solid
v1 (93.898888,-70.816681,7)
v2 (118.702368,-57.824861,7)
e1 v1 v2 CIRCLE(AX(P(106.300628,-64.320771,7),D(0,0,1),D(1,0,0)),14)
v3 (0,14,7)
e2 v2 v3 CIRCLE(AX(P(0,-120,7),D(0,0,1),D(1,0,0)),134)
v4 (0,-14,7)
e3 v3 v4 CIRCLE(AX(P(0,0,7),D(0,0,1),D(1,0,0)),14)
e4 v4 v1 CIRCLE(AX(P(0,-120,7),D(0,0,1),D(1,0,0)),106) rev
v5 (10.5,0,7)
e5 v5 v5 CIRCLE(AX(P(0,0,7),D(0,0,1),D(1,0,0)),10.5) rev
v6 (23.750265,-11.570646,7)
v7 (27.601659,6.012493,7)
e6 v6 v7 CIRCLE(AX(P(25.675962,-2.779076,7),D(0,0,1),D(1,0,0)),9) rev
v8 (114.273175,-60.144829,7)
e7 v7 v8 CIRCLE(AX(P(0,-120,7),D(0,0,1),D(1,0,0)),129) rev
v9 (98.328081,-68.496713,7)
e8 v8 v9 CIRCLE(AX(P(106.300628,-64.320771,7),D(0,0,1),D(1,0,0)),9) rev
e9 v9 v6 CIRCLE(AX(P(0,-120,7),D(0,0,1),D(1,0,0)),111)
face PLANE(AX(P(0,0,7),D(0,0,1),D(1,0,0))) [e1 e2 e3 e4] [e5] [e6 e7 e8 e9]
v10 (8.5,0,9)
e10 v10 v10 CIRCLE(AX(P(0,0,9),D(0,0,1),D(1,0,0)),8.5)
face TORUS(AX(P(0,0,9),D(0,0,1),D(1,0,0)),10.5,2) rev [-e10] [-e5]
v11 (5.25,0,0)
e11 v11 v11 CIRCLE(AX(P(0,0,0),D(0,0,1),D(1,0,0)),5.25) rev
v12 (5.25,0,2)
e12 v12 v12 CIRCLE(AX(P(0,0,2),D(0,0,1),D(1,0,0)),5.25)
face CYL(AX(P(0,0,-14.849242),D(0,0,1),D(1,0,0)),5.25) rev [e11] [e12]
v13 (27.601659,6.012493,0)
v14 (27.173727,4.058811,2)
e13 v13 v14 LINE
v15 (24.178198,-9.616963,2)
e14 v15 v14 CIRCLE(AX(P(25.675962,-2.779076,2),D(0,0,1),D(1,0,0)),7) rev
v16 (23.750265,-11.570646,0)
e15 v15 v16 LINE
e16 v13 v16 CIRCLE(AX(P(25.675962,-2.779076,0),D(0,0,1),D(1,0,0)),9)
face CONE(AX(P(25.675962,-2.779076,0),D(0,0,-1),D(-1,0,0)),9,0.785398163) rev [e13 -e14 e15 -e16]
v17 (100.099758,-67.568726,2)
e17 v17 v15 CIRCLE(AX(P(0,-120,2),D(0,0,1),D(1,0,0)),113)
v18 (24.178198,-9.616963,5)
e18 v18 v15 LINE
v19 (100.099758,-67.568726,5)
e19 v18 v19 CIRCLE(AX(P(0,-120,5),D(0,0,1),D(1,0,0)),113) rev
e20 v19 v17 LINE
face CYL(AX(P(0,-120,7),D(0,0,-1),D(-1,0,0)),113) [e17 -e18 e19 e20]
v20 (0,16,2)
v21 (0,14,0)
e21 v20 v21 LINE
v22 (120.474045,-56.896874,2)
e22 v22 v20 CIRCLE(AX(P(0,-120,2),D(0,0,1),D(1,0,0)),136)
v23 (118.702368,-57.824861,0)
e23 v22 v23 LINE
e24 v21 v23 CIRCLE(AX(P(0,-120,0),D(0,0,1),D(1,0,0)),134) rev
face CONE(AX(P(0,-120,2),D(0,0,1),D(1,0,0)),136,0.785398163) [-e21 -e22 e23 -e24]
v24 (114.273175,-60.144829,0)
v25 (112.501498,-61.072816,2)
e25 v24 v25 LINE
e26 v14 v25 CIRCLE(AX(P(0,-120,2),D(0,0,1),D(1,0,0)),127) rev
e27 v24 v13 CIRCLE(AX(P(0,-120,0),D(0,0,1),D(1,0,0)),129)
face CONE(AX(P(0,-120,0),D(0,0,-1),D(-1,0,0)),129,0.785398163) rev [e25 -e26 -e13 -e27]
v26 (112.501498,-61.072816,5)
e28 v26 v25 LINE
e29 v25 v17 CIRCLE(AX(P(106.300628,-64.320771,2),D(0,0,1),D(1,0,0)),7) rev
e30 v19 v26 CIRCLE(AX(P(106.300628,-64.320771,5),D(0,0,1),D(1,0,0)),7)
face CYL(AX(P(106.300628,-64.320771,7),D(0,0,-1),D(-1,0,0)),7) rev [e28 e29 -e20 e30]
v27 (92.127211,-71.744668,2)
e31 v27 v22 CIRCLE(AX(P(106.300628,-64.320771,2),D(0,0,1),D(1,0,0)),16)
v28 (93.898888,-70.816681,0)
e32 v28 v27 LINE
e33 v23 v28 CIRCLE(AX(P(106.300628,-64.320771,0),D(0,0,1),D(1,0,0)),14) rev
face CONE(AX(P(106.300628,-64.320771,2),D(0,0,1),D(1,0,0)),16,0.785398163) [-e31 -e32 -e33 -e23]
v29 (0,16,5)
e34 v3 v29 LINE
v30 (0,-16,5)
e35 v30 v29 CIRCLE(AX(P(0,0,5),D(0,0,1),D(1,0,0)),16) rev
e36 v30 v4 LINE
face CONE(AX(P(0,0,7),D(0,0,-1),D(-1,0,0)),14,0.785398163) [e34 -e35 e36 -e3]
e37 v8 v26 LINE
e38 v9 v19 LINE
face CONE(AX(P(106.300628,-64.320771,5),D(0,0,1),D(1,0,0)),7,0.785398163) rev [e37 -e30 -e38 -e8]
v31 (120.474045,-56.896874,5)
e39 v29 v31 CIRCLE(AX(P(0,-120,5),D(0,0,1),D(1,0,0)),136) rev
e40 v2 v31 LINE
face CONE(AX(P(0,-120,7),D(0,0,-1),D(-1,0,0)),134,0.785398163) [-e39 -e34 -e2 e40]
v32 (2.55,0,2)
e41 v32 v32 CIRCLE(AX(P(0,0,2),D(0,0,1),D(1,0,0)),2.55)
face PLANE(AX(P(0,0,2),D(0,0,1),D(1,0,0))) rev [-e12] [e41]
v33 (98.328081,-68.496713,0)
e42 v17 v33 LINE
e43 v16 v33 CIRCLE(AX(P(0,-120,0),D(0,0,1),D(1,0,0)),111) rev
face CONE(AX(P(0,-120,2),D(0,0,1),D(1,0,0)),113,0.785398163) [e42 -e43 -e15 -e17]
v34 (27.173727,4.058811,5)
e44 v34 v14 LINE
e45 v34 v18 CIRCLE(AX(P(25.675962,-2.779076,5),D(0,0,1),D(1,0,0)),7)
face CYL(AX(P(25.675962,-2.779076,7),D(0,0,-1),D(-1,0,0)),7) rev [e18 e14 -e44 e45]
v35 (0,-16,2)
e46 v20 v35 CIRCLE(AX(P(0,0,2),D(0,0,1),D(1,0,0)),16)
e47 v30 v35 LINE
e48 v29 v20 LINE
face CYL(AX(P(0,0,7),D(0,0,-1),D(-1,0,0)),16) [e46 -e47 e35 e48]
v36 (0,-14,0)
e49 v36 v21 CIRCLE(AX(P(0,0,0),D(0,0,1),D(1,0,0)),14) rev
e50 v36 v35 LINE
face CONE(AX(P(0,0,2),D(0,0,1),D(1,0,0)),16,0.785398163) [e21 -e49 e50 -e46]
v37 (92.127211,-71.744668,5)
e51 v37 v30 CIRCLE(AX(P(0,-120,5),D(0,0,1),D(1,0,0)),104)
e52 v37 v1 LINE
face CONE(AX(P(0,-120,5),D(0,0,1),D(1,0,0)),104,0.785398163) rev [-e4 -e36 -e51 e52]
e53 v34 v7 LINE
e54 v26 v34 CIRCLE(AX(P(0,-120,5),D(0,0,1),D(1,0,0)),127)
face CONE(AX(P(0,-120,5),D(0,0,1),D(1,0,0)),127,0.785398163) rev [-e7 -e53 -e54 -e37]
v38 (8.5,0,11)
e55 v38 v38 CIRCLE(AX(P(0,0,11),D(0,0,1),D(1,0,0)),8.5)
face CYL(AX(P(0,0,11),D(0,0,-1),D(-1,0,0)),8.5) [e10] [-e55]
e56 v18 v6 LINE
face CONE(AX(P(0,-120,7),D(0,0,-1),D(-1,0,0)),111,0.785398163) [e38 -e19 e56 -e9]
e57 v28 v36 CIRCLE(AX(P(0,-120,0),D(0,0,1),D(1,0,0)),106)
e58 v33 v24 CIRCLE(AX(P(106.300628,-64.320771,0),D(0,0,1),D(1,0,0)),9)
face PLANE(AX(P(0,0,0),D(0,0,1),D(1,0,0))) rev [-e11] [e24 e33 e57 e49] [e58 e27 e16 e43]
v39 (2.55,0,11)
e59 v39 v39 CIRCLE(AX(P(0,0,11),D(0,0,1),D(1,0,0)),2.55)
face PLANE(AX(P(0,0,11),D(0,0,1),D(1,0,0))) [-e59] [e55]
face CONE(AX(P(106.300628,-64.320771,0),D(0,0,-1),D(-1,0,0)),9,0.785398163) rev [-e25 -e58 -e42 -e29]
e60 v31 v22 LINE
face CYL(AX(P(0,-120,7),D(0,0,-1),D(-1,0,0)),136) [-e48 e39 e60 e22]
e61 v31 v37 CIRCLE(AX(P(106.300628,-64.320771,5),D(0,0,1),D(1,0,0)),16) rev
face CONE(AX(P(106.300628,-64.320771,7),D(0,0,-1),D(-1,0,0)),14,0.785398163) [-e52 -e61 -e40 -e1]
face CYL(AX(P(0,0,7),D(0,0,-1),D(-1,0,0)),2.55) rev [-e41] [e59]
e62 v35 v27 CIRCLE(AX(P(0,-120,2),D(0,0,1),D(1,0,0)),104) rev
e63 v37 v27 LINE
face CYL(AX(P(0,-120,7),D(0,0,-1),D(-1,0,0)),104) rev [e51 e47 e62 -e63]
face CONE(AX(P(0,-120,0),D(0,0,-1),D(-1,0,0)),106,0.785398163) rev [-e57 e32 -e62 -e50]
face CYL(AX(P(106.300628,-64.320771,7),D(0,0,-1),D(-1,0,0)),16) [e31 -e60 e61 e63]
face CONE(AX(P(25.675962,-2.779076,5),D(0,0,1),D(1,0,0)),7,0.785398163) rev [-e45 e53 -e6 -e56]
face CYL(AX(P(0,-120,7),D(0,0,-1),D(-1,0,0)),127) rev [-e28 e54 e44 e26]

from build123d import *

# Parameters (mm, degrees)
SKETCH1_R           = 8.5
SKETCH1_R_2         = 2.55
BOSS_EXTRUDE1_DEPTH = 7
BOSS_EXTRUDE2_START = 7
SKETCH1_3_R         = 8.5
SKETCH1_3_R_2       = 2.55
BOSS_EXTRUDE2_DEPTH = 4
CHAMFER1_SIZE       = 2
FILLET2_R           = 2
CUT_EXTRUDE1_START  = -9
SKETCH2_R           = 5.25
CUT_EXTRUDE1_DEPTH  = 2


with BuildPart() as part:
    # Sketch1 → Boss-Extrude1 (new body)
    with BuildSketch(Plane.XY):
        with BuildLine():
            ThreePointArc((92.127210642, -71.744668074), (53.839787702, -31.020916727), (0, -16))
            ThreePointArc((0, -16), (-16, 0), (0, 16))
            ThreePointArc((0, 16), (70.405876226, -3.642737258), (120.474044686, -56.896873635))
            ThreePointArc((120.474044686, -56.896873635), (113.724524883, -78.494187876), (92.127210642, -71.744668074))
        make_face()
        Circle(SKETCH1_R, mode=Mode.SUBTRACT)
        with BuildLine():
            ThreePointArc((112.501497611, -61.072815821), (77.057279191, -19.048646747), (27.173726746, 4.058810952))
            ThreePointArc((27.173726746, 4.058810952), (18.838075062, -1.2813118), (24.178197814, -9.616963484))
            ThreePointArc((24.178197814, -9.616963484), (68.562775973, -30.177142381), (100.099757717, -67.568725888))
            ThreePointArc((100.099757717, -67.568725888), (109.548582697, -70.521640801), (112.501497611, -61.072815821))
        make_face(mode=Mode.SUBTRACT)
        Circle(SKETCH1_R)
        Circle(SKETCH1_R_2, mode=Mode.SUBTRACT)
    extrude(amount=BOSS_EXTRUDE1_DEPTH)

    # Sketch1<3> → Boss-Extrude2 (add)
    with BuildSketch(Plane.XY.offset(BOSS_EXTRUDE2_START)):
        Circle(SKETCH1_3_R)
        Circle(SKETCH1_3_R_2, mode=Mode.SUBTRACT)
    extrude(amount=BOSS_EXTRUDE2_DEPTH)

    # Chamfer1
    chamfer1_edges = [part.edges().sort_by_distance(p)[0] for p in [
        (113.724524883, -78.494187876, 7),
        (18.838075062, -1.2813118, 0),
        (68.562775973, -30.177142381, 0),
        (109.548582697, -70.521640801, 0),
        (77.057279191, -19.048646747, 0),
        (-16, 0, 0),
        (70.405876226, -3.642737258, 0),
        (113.724524883, -78.494187876, 0),
        (70.405876226, -3.642737258, 7),
        (53.839787702, -31.020916727, 0),
        (-16, 0, 7),
        (77.057279191, -19.048646747, 7),
        (109.548582697, -70.521640801, 7),
        (68.562775973, -30.177142381, 7),
        (18.838075062, -1.2813118, 7),
        (53.839787702, -31.020916727, 7),
    ]]
    chamfer(chamfer1_edges, length=CHAMFER1_SIZE)

    # Fillet2
    fillet2_edges = [part.edges().sort_by_distance(p)[0] for p in [
        (-8.5, 0, 7),
    ]]
    fillet(fillet2_edges, radius=FILLET2_R)

    # Sketch2 → Cut-Extrude1 (cut)
    with BuildSketch(Plane.XY.offset(11).offset(CUT_EXTRUDE1_START)):
        Circle(SKETCH2_R)
    extrude(amount=-CUT_EXTRUDE1_DEPTH, mode=Mode.SUBTRACT)


solid = part.part
